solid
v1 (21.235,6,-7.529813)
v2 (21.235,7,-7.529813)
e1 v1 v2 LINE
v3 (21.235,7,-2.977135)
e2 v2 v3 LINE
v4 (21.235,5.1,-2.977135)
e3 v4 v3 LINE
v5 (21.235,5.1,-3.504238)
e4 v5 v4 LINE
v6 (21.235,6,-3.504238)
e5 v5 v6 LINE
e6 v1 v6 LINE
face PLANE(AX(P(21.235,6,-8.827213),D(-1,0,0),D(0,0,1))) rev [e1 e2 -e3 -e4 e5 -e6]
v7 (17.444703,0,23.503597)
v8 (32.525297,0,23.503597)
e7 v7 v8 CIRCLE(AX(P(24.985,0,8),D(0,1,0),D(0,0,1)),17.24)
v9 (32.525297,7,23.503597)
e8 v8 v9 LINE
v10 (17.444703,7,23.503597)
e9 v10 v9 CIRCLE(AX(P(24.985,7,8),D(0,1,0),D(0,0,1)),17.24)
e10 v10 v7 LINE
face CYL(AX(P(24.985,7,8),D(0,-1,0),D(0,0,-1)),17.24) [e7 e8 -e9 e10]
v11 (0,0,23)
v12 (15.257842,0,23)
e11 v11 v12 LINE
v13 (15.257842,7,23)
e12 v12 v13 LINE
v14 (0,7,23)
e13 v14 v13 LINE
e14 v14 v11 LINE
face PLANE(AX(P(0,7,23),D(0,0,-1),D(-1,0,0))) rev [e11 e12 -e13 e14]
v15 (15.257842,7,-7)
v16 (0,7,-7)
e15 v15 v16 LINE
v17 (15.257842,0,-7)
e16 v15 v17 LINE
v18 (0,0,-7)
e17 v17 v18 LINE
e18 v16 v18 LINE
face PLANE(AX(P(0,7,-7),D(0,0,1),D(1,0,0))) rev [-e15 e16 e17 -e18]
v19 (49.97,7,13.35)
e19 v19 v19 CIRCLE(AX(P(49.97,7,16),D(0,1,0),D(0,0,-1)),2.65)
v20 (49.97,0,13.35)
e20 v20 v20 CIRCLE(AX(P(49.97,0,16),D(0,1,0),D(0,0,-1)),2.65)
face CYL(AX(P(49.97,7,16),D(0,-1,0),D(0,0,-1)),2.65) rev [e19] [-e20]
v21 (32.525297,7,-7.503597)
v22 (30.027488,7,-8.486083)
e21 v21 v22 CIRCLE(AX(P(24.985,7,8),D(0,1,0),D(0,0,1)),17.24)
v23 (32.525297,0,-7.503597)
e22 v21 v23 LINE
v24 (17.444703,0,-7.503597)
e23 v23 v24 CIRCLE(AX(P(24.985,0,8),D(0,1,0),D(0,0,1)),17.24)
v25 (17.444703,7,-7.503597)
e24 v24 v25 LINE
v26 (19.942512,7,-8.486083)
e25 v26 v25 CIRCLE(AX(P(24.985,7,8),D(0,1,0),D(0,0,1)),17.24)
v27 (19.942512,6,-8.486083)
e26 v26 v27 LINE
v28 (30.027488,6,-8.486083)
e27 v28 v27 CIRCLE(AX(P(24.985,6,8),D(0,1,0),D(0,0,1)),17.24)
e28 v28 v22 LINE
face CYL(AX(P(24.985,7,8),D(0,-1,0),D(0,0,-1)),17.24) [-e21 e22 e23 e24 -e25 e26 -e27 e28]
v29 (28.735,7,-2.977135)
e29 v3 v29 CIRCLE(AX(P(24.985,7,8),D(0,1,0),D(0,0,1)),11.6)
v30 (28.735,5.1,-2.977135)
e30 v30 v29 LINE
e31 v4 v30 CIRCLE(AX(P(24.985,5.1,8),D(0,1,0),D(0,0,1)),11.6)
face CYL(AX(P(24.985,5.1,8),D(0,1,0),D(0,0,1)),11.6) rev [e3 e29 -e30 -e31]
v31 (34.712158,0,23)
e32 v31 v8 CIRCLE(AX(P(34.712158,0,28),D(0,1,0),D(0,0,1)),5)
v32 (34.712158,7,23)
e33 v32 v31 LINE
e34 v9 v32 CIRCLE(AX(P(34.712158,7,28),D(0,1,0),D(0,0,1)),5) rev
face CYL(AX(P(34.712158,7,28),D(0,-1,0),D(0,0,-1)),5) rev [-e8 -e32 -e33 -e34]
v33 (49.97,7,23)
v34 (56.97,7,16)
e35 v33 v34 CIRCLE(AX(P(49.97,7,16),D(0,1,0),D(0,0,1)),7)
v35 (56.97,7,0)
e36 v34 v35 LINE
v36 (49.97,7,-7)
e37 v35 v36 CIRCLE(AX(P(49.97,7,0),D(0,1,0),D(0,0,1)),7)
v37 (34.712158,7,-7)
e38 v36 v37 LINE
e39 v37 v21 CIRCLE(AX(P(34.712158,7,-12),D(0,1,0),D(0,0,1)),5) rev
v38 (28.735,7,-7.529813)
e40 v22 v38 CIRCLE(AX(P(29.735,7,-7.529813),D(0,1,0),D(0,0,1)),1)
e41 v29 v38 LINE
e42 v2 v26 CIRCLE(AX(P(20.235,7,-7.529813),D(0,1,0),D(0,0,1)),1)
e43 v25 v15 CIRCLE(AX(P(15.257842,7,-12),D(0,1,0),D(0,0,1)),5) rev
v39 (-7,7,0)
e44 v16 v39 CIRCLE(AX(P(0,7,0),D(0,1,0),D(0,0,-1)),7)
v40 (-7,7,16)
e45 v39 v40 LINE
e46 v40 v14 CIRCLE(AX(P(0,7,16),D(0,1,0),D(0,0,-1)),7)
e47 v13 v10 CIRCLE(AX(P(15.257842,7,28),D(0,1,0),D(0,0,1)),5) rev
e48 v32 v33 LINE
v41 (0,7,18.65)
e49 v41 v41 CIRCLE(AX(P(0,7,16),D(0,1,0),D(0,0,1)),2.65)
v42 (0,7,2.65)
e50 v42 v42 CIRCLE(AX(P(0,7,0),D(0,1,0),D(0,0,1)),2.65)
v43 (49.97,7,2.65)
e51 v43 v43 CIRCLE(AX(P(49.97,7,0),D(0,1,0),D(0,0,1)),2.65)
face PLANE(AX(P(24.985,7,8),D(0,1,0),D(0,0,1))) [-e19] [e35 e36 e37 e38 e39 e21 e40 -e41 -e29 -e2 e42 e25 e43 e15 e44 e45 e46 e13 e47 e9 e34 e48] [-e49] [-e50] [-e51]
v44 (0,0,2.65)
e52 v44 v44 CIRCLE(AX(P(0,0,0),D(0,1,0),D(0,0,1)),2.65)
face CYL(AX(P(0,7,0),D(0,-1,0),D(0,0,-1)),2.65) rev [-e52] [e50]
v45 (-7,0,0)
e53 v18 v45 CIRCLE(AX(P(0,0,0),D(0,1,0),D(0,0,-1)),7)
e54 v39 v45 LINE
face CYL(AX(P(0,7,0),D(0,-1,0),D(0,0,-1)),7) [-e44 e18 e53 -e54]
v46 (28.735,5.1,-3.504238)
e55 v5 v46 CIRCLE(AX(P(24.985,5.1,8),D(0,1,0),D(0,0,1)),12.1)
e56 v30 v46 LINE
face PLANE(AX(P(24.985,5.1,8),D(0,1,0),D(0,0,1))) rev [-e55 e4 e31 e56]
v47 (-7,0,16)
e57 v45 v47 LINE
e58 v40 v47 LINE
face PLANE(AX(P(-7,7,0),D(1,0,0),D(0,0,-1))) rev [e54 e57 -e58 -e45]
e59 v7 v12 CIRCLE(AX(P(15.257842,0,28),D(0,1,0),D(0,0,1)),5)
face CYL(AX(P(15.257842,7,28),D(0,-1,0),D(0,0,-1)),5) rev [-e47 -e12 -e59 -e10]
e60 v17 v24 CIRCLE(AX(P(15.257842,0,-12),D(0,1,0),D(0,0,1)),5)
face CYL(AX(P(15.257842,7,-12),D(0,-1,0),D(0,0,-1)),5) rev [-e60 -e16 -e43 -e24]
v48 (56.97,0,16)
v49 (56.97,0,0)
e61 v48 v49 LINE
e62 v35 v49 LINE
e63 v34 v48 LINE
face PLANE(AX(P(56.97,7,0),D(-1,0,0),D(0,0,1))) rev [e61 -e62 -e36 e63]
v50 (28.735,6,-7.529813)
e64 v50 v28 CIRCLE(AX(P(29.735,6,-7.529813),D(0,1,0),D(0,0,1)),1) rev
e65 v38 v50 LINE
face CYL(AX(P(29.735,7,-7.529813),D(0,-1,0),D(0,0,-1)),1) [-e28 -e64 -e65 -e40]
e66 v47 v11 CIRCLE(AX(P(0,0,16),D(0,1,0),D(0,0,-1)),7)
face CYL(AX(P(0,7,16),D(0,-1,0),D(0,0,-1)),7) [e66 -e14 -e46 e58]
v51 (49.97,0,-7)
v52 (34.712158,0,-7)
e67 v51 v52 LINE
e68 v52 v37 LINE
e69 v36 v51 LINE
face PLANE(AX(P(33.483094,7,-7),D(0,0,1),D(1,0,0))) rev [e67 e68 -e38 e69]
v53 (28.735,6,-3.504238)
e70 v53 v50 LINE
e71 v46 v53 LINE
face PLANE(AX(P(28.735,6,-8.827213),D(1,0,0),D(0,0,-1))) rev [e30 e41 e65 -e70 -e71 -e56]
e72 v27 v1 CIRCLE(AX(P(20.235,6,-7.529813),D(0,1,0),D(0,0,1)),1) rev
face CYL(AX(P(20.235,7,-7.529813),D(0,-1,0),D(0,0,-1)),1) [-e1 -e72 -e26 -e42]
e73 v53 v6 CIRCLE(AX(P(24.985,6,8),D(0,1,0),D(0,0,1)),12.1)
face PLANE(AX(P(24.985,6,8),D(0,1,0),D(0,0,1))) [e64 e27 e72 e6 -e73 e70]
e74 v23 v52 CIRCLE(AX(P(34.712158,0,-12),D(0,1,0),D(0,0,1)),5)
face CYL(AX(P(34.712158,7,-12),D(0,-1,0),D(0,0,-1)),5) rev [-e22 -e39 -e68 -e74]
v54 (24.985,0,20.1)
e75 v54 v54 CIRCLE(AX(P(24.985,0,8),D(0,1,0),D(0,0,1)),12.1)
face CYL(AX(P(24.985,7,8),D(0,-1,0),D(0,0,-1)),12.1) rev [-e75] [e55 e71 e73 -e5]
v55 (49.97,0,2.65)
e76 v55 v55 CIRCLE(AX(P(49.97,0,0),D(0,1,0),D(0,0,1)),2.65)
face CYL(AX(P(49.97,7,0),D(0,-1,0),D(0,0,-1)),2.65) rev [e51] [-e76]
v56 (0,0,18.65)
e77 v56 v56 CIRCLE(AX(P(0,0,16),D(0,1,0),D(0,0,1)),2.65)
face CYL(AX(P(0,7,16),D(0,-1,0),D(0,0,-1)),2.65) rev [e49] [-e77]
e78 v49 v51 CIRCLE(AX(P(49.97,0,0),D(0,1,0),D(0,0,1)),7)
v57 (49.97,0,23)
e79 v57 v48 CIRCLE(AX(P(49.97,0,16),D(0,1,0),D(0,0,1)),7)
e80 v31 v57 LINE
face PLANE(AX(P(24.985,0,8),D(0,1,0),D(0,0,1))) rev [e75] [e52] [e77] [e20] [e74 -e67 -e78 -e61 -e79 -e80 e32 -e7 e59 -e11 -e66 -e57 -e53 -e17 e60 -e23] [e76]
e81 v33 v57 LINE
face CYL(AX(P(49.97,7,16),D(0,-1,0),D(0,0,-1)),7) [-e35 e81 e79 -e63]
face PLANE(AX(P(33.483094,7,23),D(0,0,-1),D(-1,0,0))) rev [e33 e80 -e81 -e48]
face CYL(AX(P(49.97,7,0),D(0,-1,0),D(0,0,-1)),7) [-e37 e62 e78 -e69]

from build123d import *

# Parameters (mm, degrees)
SKETCH_2_R          = 2.65
SKETCH_2_R_2        = 12.1
EXTRUDE_1_DEPTH     = 7
SKETCH_3_R          = 12.1
SKETCH_3_R_2        = 11.6
EXTRUDE_2_DEPTH     = 1.9
FILLET_1_R          = 5
CUT_EXTRUDE_2_DEPTH = 1
CUT_EXTRUDE_3_DEPTH = 7
FILLET_3_R          = 1


with BuildPart() as part:
    # 草图2 → 凸台-拉伸1 (new body)
    with BuildSketch(Plane(origin=(0, 0, 0), x_dir=(1, 0, 0), z_dir=(0, 1, 0))):
        with BuildLine():
            Line((33.483093904, -23), (49.97, -23))
            ThreePointArc((49.97, -23), (54.919747468, -20.949747468), (56.97, -16))
            Line((56.97, -16), (56.97, 0))
            ThreePointArc((56.97, 0), (54.919747468, 4.949747468), (49.97, 7))
            Line((49.97, 7), (33.483093904, 7))
            ThreePointArc((33.483093904, 7), (24.985, 9.24), (16.486906096, 7))
            Line((16.486906096, 7), (0, 7))
            ThreePointArc((0, 7), (-4.949747468, 4.949747468), (-7, 0))
            Line((-7, 0), (-7, -16))
            ThreePointArc((-7, -16), (-4.949747468, -20.949747468), (0, -23))
            Line((0, -23), (16.486906096, -23))
            ThreePointArc((16.486906096, -23), (24.985, -25.24), (33.483093904, -23))
        make_face()
        Circle(SKETCH_2_R, mode=Mode.SUBTRACT)
        with Locations((0, -16)):
            Circle(SKETCH_2_R, mode=Mode.SUBTRACT)
        with Locations((49.97, 0)):
            Circle(SKETCH_2_R, mode=Mode.SUBTRACT)
        with Locations((49.97, -16)):
            Circle(SKETCH_2_R, mode=Mode.SUBTRACT)
        with Locations((24.985, -8)):
            Circle(SKETCH_2_R_2, mode=Mode.SUBTRACT)
    extrude(amount=EXTRUDE_1_DEPTH)

    # 草图3 → 凸台-拉伸2 (add)
    with BuildSketch(Plane(origin=(0, 7, 0), x_dir=(1, 0, 0), z_dir=(0, 1, 0))):
        with Locations((24.985, -8)):
            Circle(SKETCH_3_R)
        with Locations((24.985, -8)):
            Circle(SKETCH_3_R_2, mode=Mode.SUBTRACT)
    extrude(amount=-EXTRUDE_2_DEPTH)

    # 圆角1
    fillet_1_edges = [part.edges().sort_by_distance(p)[0] for p in [
        (16.486906096, 3.5, 23),
        (16.486906096, 3.5, -7),
        (33.483093904, 3.5, -7),
        (33.483093904, 3.5, 23),
    ]]
    fillet(fillet_1_edges, radius=FILLET_1_R)

    # 草图5 → 切除-拉伸2 (cut)
    with BuildSketch(Plane(origin=(0, 7, 0), x_dir=(1, 0, 0), z_dir=(0, 1, 0))):
        with BuildLine():
            Line((21.235, 8.827213079), (21.235, 2.977135328))
            ThreePointArc((21.235, 2.977135328), (24.985, 3.6), (28.735, 2.977135328))
            Line((28.735, 2.977135328), (28.735, 8.827213079))
            ThreePointArc((28.735, 8.827213079), (24.985, 9.24), (21.235, 8.827213079))
        make_face()
    extrude(amount=-CUT_EXTRUDE_2_DEPTH, mode=Mode.SUBTRACT)

    # 草图6 → 切除-拉伸3 (cut, through all)
    with BuildSketch(Plane(origin=(0, 6, 0), x_dir=(1, 0, 0), z_dir=(0, 1, 0))):
        with BuildLine():
            Line((28.735, 2.977135328), (28.735, 3.504238349))
            ThreePointArc((28.735, 3.504238349), (24.985, 4.1), (21.235, 3.504238349))
            Line((21.235, 3.504238349), (21.235, 2.977135328))
            ThreePointArc((21.235, 2.977135328), (24.985, 3.6), (28.735, 2.977135328))
        make_face()
    extrude(amount=-CUT_EXTRUDE_3_DEPTH, mode=Mode.SUBTRACT)

    # 圆角3
    fillet_3_edges = [part.edges().sort_by_distance(p)[0] for p in [
        (21.235, 6.5, -8.827213079),
        (28.735, 6.5, -8.827213079),
    ]]
    fillet(fillet_3_edges, radius=FILLET_3_R)


solid = part.part
